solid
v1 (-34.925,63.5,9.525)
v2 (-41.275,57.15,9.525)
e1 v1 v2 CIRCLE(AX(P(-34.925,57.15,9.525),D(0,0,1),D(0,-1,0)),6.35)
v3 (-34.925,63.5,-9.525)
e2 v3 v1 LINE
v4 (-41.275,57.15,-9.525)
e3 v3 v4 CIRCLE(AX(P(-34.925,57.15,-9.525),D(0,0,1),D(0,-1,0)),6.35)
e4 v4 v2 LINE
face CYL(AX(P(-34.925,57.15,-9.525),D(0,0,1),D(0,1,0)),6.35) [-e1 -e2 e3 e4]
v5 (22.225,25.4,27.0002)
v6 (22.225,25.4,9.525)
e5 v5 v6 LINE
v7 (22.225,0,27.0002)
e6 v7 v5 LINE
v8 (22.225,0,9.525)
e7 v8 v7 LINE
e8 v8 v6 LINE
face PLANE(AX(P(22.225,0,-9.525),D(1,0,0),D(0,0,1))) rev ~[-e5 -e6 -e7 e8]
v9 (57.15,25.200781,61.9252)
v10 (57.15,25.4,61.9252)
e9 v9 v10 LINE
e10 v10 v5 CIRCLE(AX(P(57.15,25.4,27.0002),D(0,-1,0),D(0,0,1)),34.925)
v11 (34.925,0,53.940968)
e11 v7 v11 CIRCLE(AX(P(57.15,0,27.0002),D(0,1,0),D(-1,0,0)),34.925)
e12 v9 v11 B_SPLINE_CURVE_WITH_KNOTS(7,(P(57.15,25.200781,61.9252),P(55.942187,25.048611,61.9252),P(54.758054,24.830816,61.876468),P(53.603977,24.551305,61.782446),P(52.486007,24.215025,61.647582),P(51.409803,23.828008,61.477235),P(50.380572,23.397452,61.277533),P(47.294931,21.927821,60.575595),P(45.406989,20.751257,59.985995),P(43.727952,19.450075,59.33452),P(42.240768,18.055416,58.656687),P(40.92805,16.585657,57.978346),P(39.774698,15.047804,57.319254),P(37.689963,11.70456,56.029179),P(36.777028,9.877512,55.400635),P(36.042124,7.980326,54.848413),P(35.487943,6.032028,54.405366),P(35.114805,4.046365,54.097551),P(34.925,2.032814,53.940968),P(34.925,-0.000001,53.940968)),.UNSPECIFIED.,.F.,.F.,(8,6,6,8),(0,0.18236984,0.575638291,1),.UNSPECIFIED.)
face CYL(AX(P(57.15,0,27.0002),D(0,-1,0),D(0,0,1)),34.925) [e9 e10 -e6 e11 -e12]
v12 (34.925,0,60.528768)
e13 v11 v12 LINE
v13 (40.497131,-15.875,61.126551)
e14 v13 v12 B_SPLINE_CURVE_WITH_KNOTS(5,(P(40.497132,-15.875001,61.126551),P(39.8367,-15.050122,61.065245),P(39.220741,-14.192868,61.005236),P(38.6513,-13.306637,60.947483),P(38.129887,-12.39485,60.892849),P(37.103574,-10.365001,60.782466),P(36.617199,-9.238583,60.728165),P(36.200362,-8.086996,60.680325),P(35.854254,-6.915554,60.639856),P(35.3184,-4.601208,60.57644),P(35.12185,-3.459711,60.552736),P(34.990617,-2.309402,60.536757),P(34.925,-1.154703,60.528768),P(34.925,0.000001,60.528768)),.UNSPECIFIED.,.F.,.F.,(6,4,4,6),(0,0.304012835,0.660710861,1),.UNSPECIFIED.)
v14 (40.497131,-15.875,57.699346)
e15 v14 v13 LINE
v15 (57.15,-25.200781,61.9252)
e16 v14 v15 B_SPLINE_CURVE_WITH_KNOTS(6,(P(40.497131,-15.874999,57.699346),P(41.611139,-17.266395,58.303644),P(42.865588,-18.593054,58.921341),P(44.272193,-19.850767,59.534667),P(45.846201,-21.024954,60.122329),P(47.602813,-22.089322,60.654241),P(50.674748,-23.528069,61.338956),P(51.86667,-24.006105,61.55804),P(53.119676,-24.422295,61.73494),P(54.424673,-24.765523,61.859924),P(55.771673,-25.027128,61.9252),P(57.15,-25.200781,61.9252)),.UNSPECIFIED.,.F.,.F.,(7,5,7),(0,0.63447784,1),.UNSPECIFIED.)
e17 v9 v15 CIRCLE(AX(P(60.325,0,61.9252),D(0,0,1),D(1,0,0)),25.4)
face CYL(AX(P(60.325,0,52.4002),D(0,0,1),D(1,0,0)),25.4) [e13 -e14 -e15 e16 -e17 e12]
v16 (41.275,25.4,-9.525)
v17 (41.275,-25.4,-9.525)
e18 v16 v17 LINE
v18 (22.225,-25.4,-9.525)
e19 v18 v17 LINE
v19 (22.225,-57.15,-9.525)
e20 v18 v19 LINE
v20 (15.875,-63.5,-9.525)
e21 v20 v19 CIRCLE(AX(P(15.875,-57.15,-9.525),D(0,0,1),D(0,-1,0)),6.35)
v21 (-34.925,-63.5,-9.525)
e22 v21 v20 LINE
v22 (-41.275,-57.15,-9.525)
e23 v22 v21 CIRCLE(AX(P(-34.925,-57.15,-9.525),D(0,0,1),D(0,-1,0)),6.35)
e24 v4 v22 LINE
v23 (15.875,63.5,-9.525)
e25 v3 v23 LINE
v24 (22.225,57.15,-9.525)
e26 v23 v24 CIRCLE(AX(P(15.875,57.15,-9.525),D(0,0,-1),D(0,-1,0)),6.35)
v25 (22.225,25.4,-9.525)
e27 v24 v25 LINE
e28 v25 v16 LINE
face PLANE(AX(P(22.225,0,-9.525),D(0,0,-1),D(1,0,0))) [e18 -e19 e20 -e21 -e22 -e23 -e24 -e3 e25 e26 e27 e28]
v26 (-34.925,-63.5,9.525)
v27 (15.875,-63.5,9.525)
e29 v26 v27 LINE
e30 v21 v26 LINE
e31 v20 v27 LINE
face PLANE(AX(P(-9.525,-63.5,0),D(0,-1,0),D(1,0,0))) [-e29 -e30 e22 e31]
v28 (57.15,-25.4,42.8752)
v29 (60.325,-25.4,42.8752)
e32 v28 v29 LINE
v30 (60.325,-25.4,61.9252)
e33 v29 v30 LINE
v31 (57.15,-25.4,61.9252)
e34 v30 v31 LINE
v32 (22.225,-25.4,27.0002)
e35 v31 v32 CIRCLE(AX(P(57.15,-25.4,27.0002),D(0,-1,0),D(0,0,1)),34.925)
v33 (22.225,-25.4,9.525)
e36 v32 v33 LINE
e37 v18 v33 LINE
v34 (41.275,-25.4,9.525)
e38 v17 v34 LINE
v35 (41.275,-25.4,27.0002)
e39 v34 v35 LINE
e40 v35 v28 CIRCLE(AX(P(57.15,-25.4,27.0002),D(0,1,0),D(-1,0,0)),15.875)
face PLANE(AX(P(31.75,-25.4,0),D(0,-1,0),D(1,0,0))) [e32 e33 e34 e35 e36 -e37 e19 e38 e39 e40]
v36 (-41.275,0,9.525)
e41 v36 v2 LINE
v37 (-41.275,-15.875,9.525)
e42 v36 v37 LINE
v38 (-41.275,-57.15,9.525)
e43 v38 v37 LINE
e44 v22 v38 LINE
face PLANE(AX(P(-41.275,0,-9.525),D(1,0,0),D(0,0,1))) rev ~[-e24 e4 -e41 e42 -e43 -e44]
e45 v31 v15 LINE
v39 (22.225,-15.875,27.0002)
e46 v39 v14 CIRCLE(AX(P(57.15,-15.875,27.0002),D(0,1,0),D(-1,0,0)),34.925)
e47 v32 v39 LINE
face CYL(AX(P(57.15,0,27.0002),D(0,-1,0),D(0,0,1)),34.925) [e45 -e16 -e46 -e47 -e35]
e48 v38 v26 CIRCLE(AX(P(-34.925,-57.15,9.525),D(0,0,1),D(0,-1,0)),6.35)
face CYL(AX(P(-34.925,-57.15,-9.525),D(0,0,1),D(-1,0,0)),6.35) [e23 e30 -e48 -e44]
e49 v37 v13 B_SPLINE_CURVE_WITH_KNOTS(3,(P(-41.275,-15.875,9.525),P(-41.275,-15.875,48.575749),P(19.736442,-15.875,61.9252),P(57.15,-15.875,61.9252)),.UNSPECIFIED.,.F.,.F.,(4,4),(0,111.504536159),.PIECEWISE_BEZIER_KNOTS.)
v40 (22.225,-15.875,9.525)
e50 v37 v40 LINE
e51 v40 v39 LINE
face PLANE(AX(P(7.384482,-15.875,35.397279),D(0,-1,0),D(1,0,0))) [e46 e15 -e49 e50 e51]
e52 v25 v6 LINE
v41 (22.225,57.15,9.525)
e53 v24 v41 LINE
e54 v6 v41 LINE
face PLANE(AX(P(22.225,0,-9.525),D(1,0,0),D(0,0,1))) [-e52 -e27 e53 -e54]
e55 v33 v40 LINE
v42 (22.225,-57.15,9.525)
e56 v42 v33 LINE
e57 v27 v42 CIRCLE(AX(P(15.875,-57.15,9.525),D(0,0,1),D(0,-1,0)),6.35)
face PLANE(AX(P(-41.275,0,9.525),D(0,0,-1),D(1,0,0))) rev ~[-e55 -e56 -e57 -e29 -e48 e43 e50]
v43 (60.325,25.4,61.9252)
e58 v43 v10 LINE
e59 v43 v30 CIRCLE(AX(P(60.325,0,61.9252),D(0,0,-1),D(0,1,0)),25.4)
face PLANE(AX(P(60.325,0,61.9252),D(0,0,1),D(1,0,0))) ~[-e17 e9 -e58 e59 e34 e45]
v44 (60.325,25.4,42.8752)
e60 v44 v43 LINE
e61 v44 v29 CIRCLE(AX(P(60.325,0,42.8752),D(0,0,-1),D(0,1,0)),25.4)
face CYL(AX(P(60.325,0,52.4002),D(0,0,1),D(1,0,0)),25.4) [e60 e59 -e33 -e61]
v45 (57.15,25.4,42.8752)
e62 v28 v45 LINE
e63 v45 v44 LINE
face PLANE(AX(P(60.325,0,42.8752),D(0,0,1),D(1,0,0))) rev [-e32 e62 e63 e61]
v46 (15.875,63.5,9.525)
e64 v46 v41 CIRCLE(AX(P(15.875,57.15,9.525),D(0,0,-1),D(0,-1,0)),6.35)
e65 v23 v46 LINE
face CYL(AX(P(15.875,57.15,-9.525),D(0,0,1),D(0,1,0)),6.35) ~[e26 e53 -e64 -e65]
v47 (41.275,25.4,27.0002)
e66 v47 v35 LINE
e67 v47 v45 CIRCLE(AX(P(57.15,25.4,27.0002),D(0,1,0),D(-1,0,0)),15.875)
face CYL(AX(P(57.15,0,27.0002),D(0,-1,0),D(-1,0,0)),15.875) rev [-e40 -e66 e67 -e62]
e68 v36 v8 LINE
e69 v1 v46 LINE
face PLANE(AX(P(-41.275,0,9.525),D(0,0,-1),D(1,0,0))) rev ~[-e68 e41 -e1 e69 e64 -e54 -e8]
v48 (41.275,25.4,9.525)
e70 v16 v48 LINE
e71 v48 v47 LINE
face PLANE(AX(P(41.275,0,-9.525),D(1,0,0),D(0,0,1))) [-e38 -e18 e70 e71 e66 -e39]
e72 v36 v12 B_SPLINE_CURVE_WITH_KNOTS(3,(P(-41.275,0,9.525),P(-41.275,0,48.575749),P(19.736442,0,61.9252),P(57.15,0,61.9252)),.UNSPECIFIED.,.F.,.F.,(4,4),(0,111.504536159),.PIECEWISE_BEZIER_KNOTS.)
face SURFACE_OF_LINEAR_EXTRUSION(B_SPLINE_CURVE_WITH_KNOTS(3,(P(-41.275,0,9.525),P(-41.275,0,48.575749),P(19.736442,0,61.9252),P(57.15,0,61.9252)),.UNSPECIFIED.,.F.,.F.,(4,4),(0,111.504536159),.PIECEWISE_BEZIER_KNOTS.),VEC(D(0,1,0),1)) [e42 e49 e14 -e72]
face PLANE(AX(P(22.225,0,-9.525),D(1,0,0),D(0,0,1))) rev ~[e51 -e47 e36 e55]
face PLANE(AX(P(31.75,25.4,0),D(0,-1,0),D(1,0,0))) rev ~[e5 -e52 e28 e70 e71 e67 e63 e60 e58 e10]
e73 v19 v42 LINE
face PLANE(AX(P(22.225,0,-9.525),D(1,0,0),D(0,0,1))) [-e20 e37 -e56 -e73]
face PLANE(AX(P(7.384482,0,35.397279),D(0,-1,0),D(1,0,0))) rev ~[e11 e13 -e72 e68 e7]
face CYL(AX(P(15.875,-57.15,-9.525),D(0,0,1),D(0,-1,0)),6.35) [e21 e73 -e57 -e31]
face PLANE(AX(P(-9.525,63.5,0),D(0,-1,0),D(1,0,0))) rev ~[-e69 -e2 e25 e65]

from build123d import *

# Parameters (mm, degrees)
F0_W     = 63.5000000107
F0_H     = 19.05
F1_DEPTH = 63.5
F0_W_2   = 19.0499999893
F2_DEPTH = 25.4
F3_DEPTH = 15.875
F0_W_3   = 25.4
F0_H_2   = 19.0499999893
F5_R     = 6.35


with BuildPart() as f1:
    # F0 (on Front) → F1 (new body, symmetric)
    with BuildSketch(Plane.XZ):
        with Locations((-9.5249999946, 0)):
            Rectangle(F0_W, F0_H)
    extrude(amount=F1_DEPTH, both=True)

    # F0 (on Front) → F2 (join, symmetric)
    with BuildSketch(Plane.XZ):
        with Locations((31.7500000054, 0)):
            Rectangle(F0_W_2, F0_H)
        with BuildLine():
            Line((22.2250000107, 9.525), (41.275, 9.525))
            Line((41.275, 9.525), (41.275, 27.0002))
            ThreePointArc((41.275, 27.0002), (45.9246798487, 38.2255201513), (57.15, 42.8752))
            Line((57.15, 42.8752), (60.325, 42.8752))
            Line((60.325, 42.8752), (60.325, 61.9251999893))
            Line((60.325, 61.9251999893), (57.1730846286, 61.9251999893))
            Line((57.1730846286, 61.9251999893), (57.15, 61.9251999893))
            ThreePointArc((57.15, 61.9251999893), (32.4542956746, 51.6959043254), (22.2250000107, 27.0002))
            Line((22.2250000107, 27.0002), (22.2250000107, 9.525))
        make_face()
    extrude(amount=F2_DEPTH, both=True)

    # F0 (on Front) → F3 (join)
    with BuildSketch(Plane.XZ):
        with BuildLine():
            Line((-41.275, 9.525), (22.2250000107, 9.525))
            Line((22.2250000107, 9.525), (22.2250000107, 27.0002))
            ThreePointArc((22.2250000107, 27.0002), (32.4542956746, 51.6959043254), (57.15, 61.9251999893))
            add(Edge.make_bspline(
                [(-41.275, 9.525), (-41.275, 48.5757485088), (19.736442486, 61.9251999893), (57.15, 61.9251999893)],
                knots=[0, 0, 0, 0, 111.5045361585, 111.5045361585, 111.5045361585, 111.5045361585], degree=3))
        make_face()
    extrude(amount=F3_DEPTH)

    # F0 (on Front) → F4 (revolve)
    with BuildSketch(Plane.XZ):
        with Locations((73.025, 52.4001999946)):
            Rectangle(F0_W_3, F0_H_2)
    revolve(axis=Axis((60.325, 0, 52.3875), (0, 0, 1)))

    # F5
    f5_edges = [f1.edges().sort_by_distance(p)[0] for p in [
        (-41.275, -63.5, 0),
        (22.225, -63.5, 0),
        (-41.275, 63.5, 0),
        (22.225, 63.5, 0),
    ]]
    fillet(f5_edges, radius=F5_R)


solid = f1.part
